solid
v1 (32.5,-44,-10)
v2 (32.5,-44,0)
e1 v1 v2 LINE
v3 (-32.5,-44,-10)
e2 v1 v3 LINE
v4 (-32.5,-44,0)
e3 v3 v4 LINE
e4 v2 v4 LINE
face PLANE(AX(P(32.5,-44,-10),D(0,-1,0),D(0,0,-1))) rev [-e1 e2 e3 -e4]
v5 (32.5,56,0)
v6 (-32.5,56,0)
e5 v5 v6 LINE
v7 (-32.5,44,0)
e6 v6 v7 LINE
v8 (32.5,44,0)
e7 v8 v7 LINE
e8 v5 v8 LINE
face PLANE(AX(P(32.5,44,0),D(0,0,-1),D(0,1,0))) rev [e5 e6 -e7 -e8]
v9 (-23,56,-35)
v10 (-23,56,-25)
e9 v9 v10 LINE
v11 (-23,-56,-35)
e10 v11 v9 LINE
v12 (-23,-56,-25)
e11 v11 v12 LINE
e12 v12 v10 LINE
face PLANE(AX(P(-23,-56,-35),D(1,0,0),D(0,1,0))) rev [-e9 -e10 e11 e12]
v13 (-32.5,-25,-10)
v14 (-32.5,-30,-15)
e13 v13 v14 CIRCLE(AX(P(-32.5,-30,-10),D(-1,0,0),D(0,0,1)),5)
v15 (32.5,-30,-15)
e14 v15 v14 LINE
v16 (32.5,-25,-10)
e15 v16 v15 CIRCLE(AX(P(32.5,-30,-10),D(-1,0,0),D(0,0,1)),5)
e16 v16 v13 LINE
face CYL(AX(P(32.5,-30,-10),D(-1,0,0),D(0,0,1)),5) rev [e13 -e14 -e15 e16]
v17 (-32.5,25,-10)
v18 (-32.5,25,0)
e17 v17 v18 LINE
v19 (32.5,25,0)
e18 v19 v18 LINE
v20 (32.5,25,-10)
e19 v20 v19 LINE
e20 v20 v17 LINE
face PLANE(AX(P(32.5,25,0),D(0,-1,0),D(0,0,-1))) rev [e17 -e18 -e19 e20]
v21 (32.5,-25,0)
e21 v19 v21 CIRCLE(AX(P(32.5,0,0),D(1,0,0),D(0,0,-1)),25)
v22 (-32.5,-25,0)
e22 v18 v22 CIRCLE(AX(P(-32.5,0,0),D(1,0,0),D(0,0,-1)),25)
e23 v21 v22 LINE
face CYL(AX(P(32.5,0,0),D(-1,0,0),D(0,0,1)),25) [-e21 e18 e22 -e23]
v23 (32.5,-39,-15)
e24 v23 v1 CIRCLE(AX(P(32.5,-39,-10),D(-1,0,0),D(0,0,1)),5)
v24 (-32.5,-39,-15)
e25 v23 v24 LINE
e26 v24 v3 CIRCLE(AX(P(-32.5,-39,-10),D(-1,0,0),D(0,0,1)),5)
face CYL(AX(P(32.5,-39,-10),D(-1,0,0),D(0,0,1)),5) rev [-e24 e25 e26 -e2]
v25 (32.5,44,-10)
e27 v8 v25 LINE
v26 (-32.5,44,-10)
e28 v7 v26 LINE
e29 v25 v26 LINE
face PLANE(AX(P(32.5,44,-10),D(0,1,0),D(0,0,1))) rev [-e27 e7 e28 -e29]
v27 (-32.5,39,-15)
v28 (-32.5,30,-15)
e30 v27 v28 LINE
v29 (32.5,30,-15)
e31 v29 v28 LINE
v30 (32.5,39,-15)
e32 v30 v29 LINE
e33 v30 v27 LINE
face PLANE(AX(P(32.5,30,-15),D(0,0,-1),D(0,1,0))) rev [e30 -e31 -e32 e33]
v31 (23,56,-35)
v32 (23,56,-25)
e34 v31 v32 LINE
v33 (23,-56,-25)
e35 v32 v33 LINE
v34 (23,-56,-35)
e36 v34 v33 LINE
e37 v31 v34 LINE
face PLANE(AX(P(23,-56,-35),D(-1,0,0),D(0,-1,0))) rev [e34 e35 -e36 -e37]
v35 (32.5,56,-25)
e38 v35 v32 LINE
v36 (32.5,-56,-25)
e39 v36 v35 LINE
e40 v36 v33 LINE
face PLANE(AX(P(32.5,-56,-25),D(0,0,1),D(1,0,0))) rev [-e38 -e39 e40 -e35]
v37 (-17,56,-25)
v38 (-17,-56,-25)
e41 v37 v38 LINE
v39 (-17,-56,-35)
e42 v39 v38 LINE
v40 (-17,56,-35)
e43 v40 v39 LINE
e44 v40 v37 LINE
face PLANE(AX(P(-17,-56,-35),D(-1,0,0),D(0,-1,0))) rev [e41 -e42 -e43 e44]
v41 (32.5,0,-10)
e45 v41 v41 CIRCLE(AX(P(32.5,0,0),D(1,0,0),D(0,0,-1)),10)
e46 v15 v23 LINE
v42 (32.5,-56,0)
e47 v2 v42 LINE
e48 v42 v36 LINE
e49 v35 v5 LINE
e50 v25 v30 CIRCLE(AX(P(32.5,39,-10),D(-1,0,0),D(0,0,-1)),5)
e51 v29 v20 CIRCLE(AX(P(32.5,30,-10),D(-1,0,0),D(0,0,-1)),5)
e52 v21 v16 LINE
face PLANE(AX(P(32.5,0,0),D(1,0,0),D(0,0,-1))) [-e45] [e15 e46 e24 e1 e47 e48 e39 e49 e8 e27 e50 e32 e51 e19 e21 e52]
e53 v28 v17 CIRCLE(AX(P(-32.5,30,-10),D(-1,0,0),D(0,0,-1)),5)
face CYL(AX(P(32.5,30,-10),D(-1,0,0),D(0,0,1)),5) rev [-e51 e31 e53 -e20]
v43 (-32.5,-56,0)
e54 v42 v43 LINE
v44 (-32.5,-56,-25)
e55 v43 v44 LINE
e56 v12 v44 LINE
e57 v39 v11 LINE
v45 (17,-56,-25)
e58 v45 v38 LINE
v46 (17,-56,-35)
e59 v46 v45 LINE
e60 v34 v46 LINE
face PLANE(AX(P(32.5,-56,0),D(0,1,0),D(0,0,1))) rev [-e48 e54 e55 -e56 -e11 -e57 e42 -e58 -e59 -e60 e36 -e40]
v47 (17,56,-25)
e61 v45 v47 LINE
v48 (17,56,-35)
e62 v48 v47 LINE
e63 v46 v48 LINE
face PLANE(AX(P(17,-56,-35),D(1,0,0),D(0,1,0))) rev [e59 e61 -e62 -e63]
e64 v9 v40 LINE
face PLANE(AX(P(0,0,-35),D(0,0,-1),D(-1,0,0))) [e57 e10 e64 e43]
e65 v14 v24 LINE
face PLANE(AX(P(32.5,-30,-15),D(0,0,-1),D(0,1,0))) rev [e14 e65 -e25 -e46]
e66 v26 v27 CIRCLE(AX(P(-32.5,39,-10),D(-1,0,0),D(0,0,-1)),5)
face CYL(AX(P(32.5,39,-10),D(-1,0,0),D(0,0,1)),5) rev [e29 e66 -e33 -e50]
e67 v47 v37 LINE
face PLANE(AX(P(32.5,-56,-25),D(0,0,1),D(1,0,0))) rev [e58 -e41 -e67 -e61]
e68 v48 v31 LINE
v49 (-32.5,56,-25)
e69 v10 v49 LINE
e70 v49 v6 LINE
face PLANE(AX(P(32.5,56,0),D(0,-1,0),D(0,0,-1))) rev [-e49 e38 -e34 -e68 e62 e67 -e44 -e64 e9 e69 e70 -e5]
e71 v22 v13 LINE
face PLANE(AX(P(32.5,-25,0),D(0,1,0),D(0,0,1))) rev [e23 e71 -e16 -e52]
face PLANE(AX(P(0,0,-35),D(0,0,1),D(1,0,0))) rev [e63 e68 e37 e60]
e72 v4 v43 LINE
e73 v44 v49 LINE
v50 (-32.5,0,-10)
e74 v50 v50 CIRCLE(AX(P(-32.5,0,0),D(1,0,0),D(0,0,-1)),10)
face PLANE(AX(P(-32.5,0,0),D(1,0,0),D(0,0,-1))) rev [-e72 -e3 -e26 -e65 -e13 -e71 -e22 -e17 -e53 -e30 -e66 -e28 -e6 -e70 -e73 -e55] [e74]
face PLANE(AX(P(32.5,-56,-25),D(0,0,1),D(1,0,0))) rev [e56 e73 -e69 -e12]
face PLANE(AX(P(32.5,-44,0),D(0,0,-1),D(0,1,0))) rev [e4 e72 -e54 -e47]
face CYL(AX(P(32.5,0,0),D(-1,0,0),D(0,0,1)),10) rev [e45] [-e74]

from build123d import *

# Parameters (mm, degrees)
SKETCH1_R           = 10
BOSS_EXTRUDE1_DEPTH = 32.5
SKETCH2_W           = 6
SKETCH2_H           = 112
BOSS_EXTRUDE2_DEPTH = 10


with BuildPart() as part:
    # Sketch1 → Boss-Extrude1 (new, symmetric)
    with BuildSketch(Plane.YZ):
        with BuildLine():
            Line((-25, 0), (-25, -10))
            ThreePointArc((-25, -10), (-26.464466094, -13.535533906), (-30, -15))
            Line((-30, -15), (-39, -15))
            ThreePointArc((-39, -15), (-42.535533906, -13.535533906), (-44, -10))
            Line((-44, -10), (-44, 0))
            Line((-44, 0), (-56, 0))
            Line((-56, 0), (-56, -25))
            Line((-56, -25), (56, -25))
            Line((56, -25), (56, 0))
            Line((56, 0), (44, 0))
            Line((44, 0), (44, -10))
            ThreePointArc((44, -10), (42.535533906, -13.535533906), (39, -15))
            Line((39, -15), (30, -15))
            ThreePointArc((30, -15), (26.464466094, -13.535533906), (25, -10))
            Line((25, -10), (25, 0))
            ThreePointArc((25, 0), (0, 25), (-25, 0))
        make_face()
        with Locations(Location((0, 0, 0), (0, 0, 270))):
            Circle(SKETCH1_R, mode=Mode.SUBTRACT)
    extrude(amount=BOSS_EXTRUDE1_DEPTH, both=True)

    # Sketch2 → Boss-Extrude2 (add)
    with BuildSketch(Plane(origin=(0, 0, -25), x_dir=(1, 0, 0), z_dir=(0, 0, -1))):
        with Locations((-20, 0)):
            Rectangle(SKETCH2_W, SKETCH2_H)
        with Locations((20, 0)):
            Rectangle(SKETCH2_W, SKETCH2_H)
    extrude(amount=BOSS_EXTRUDE2_DEPTH)


solid = part.part
